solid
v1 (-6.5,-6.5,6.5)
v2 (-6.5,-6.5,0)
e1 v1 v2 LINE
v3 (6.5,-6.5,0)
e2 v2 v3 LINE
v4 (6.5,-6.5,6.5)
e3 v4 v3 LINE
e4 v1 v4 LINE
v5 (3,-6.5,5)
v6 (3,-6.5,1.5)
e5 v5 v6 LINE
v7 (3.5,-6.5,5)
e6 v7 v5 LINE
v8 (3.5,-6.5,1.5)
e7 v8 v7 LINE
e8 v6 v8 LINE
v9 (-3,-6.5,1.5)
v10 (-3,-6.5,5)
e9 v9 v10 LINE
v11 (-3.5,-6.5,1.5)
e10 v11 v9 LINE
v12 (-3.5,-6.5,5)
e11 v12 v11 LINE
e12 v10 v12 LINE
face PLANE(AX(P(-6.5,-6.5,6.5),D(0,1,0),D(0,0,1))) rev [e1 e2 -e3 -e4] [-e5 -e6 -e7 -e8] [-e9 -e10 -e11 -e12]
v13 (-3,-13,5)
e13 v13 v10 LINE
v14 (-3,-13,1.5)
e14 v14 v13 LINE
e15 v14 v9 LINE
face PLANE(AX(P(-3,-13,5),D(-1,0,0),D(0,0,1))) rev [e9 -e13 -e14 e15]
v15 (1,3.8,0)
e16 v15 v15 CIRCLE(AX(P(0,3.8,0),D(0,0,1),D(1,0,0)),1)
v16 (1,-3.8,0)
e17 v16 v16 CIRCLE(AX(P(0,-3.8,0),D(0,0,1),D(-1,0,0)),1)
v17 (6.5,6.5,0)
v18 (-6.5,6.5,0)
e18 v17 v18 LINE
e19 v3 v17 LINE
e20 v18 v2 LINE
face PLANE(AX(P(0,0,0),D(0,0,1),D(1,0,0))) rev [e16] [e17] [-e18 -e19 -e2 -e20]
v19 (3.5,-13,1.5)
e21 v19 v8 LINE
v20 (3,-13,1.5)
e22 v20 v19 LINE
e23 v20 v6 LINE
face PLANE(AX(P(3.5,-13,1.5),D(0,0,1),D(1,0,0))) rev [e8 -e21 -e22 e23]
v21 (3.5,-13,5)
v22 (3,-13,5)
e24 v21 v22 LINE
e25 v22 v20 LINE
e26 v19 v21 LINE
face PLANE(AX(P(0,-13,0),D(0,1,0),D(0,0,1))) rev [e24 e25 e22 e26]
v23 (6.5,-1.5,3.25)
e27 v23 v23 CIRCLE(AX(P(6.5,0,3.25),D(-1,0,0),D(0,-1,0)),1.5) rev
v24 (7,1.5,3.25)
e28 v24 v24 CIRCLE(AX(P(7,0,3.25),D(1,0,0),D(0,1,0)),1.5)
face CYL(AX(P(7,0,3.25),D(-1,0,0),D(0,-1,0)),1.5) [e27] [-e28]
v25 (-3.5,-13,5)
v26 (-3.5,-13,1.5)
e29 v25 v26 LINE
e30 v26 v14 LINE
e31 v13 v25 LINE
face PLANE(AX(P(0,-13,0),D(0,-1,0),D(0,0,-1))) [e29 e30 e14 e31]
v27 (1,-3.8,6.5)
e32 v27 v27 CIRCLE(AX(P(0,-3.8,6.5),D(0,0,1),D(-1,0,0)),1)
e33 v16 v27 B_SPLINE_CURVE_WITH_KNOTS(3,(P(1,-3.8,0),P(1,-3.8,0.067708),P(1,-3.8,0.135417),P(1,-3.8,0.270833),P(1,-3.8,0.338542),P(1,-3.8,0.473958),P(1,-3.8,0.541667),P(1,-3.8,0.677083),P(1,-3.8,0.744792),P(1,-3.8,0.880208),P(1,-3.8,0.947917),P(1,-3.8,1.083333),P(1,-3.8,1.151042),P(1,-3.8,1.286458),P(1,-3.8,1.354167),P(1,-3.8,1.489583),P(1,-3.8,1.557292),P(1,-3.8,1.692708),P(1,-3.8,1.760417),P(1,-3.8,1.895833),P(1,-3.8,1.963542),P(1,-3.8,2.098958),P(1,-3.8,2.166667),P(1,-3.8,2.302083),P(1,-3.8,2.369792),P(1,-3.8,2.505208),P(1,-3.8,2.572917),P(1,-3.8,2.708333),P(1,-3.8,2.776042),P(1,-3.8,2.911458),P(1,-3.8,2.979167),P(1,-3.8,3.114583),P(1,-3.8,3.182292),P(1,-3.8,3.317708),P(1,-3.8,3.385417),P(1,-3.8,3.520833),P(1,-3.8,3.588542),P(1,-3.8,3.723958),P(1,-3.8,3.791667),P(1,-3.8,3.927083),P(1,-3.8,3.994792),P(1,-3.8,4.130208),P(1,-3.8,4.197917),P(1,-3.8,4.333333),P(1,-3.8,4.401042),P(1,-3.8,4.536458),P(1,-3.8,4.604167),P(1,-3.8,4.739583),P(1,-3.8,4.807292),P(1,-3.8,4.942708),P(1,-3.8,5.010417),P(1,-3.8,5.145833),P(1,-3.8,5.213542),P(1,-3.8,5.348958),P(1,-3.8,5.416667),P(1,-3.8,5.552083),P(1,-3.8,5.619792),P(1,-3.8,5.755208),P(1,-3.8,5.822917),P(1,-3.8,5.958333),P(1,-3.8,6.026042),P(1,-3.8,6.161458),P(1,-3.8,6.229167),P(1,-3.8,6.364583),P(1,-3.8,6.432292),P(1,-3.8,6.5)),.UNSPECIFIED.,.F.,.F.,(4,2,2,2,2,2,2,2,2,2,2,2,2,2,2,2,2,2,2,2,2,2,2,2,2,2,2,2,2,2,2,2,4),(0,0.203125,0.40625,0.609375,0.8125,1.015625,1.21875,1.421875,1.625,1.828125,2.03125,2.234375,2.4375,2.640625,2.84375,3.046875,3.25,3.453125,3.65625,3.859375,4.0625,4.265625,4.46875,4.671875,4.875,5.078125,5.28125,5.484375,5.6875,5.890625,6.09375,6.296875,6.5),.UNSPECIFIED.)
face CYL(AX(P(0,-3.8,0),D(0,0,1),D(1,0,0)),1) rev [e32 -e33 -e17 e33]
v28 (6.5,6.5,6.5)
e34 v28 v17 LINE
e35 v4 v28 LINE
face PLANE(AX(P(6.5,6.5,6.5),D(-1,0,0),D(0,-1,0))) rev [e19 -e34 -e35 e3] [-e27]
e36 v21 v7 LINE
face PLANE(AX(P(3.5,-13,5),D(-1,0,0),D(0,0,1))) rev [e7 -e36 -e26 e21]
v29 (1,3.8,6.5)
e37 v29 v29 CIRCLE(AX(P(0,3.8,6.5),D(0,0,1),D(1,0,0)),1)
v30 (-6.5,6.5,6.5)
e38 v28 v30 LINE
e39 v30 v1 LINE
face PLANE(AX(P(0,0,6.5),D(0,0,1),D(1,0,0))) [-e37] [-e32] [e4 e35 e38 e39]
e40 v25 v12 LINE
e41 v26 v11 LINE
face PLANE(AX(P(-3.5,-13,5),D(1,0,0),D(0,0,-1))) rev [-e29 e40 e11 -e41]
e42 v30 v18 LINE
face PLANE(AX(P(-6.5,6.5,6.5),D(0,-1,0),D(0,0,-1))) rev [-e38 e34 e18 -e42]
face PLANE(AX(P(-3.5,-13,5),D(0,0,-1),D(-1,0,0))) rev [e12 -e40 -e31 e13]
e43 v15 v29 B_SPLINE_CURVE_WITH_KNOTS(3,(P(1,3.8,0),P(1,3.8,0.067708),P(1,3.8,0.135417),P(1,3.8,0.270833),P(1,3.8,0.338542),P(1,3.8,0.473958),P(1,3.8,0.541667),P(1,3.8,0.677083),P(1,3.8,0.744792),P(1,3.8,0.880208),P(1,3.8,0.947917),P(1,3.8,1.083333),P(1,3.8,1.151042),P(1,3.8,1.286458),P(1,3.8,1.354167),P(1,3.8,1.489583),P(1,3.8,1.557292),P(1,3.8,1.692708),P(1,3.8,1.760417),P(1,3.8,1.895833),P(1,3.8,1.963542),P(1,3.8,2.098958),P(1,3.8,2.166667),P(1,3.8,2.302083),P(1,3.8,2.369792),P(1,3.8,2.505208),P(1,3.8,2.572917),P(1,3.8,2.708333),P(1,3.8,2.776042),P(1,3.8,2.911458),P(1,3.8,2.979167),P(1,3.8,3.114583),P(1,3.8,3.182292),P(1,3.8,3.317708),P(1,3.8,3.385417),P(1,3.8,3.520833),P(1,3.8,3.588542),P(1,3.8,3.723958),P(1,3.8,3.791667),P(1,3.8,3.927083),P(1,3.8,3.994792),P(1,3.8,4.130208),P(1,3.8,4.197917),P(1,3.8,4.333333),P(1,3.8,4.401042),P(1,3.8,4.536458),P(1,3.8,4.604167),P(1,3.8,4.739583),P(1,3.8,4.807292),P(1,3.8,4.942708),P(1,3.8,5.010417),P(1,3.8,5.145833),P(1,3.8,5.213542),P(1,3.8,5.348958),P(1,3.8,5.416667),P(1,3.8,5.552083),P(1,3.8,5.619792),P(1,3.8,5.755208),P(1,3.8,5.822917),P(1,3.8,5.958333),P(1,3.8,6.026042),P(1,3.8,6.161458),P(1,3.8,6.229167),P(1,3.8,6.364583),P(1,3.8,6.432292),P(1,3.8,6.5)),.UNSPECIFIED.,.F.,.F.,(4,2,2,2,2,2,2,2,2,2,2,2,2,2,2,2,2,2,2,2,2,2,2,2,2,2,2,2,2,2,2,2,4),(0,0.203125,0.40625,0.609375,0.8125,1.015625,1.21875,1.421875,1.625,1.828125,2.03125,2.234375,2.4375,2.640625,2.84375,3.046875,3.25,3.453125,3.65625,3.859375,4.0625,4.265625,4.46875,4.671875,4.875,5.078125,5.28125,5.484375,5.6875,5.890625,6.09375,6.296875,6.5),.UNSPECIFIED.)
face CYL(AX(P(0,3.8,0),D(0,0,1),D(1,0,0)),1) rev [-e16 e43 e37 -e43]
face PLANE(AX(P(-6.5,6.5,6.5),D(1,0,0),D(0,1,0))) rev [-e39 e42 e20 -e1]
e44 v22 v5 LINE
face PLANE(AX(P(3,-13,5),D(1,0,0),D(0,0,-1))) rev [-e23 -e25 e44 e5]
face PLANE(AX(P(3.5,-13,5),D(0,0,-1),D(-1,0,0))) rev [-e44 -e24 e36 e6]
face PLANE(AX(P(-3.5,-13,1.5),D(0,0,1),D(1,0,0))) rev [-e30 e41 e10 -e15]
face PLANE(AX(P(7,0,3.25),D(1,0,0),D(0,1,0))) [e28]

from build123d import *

# Parameters (mm, degrees)
SKETCH1_W           = 13
SKETCH1_H           = 13
BOSS_EXTRUDE1_DEPTH = 6.5
SKETCH2_W           = 0.5
SKETCH2_H           = 3.5
BOSS_EXTRUDE2_DEPTH = 6.5
SKETCH3_R           = 1
CUT_EXTRUDE1_DEPTH  = 16.921683328
SKETCH4_R           = 1.5
BOSS_EXTRUDE3_DEPTH = 0.5


with BuildPart() as part:
    # Sketch1 → Boss-Extrude1 (new body)
    with BuildSketch(Plane.XY):
        Rectangle(SKETCH1_W, SKETCH1_H)
    extrude(amount=BOSS_EXTRUDE1_DEPTH)

    # Sketch2 → Boss-Extrude2 (add)
    with BuildSketch(Plane.XZ.offset(6.5)):
        with Locations((-3.25, 3.25)):
            Rectangle(SKETCH2_W, SKETCH2_H)
        with Locations((3.25, 3.25)):
            Rectangle(SKETCH2_W, SKETCH2_H)
    extrude(amount=BOSS_EXTRUDE2_DEPTH)

    # Sketch3 → Cut-Extrude1 (cut, through all)
    with BuildSketch(Plane.XY.offset(6.5)):
        with Locations((0, 3.8)):
            Circle(SKETCH3_R)
        with Locations((0, -3.8)):
            Circle(SKETCH3_R)
    extrude(amount=-CUT_EXTRUDE1_DEPTH, mode=Mode.SUBTRACT)

    # Sketch4 → Boss-Extrude3 (add)
    with BuildSketch(Plane(origin=(6.5, 0, 0), x_dir=(0, 0, -1), z_dir=(1, 0, 0))):
        with Locations(Location((-3.25, 0, 0), (0, 0, 270))):
            Circle(SKETCH4_R)
    extrude(amount=BOSS_EXTRUDE3_DEPTH)


solid = part.part
